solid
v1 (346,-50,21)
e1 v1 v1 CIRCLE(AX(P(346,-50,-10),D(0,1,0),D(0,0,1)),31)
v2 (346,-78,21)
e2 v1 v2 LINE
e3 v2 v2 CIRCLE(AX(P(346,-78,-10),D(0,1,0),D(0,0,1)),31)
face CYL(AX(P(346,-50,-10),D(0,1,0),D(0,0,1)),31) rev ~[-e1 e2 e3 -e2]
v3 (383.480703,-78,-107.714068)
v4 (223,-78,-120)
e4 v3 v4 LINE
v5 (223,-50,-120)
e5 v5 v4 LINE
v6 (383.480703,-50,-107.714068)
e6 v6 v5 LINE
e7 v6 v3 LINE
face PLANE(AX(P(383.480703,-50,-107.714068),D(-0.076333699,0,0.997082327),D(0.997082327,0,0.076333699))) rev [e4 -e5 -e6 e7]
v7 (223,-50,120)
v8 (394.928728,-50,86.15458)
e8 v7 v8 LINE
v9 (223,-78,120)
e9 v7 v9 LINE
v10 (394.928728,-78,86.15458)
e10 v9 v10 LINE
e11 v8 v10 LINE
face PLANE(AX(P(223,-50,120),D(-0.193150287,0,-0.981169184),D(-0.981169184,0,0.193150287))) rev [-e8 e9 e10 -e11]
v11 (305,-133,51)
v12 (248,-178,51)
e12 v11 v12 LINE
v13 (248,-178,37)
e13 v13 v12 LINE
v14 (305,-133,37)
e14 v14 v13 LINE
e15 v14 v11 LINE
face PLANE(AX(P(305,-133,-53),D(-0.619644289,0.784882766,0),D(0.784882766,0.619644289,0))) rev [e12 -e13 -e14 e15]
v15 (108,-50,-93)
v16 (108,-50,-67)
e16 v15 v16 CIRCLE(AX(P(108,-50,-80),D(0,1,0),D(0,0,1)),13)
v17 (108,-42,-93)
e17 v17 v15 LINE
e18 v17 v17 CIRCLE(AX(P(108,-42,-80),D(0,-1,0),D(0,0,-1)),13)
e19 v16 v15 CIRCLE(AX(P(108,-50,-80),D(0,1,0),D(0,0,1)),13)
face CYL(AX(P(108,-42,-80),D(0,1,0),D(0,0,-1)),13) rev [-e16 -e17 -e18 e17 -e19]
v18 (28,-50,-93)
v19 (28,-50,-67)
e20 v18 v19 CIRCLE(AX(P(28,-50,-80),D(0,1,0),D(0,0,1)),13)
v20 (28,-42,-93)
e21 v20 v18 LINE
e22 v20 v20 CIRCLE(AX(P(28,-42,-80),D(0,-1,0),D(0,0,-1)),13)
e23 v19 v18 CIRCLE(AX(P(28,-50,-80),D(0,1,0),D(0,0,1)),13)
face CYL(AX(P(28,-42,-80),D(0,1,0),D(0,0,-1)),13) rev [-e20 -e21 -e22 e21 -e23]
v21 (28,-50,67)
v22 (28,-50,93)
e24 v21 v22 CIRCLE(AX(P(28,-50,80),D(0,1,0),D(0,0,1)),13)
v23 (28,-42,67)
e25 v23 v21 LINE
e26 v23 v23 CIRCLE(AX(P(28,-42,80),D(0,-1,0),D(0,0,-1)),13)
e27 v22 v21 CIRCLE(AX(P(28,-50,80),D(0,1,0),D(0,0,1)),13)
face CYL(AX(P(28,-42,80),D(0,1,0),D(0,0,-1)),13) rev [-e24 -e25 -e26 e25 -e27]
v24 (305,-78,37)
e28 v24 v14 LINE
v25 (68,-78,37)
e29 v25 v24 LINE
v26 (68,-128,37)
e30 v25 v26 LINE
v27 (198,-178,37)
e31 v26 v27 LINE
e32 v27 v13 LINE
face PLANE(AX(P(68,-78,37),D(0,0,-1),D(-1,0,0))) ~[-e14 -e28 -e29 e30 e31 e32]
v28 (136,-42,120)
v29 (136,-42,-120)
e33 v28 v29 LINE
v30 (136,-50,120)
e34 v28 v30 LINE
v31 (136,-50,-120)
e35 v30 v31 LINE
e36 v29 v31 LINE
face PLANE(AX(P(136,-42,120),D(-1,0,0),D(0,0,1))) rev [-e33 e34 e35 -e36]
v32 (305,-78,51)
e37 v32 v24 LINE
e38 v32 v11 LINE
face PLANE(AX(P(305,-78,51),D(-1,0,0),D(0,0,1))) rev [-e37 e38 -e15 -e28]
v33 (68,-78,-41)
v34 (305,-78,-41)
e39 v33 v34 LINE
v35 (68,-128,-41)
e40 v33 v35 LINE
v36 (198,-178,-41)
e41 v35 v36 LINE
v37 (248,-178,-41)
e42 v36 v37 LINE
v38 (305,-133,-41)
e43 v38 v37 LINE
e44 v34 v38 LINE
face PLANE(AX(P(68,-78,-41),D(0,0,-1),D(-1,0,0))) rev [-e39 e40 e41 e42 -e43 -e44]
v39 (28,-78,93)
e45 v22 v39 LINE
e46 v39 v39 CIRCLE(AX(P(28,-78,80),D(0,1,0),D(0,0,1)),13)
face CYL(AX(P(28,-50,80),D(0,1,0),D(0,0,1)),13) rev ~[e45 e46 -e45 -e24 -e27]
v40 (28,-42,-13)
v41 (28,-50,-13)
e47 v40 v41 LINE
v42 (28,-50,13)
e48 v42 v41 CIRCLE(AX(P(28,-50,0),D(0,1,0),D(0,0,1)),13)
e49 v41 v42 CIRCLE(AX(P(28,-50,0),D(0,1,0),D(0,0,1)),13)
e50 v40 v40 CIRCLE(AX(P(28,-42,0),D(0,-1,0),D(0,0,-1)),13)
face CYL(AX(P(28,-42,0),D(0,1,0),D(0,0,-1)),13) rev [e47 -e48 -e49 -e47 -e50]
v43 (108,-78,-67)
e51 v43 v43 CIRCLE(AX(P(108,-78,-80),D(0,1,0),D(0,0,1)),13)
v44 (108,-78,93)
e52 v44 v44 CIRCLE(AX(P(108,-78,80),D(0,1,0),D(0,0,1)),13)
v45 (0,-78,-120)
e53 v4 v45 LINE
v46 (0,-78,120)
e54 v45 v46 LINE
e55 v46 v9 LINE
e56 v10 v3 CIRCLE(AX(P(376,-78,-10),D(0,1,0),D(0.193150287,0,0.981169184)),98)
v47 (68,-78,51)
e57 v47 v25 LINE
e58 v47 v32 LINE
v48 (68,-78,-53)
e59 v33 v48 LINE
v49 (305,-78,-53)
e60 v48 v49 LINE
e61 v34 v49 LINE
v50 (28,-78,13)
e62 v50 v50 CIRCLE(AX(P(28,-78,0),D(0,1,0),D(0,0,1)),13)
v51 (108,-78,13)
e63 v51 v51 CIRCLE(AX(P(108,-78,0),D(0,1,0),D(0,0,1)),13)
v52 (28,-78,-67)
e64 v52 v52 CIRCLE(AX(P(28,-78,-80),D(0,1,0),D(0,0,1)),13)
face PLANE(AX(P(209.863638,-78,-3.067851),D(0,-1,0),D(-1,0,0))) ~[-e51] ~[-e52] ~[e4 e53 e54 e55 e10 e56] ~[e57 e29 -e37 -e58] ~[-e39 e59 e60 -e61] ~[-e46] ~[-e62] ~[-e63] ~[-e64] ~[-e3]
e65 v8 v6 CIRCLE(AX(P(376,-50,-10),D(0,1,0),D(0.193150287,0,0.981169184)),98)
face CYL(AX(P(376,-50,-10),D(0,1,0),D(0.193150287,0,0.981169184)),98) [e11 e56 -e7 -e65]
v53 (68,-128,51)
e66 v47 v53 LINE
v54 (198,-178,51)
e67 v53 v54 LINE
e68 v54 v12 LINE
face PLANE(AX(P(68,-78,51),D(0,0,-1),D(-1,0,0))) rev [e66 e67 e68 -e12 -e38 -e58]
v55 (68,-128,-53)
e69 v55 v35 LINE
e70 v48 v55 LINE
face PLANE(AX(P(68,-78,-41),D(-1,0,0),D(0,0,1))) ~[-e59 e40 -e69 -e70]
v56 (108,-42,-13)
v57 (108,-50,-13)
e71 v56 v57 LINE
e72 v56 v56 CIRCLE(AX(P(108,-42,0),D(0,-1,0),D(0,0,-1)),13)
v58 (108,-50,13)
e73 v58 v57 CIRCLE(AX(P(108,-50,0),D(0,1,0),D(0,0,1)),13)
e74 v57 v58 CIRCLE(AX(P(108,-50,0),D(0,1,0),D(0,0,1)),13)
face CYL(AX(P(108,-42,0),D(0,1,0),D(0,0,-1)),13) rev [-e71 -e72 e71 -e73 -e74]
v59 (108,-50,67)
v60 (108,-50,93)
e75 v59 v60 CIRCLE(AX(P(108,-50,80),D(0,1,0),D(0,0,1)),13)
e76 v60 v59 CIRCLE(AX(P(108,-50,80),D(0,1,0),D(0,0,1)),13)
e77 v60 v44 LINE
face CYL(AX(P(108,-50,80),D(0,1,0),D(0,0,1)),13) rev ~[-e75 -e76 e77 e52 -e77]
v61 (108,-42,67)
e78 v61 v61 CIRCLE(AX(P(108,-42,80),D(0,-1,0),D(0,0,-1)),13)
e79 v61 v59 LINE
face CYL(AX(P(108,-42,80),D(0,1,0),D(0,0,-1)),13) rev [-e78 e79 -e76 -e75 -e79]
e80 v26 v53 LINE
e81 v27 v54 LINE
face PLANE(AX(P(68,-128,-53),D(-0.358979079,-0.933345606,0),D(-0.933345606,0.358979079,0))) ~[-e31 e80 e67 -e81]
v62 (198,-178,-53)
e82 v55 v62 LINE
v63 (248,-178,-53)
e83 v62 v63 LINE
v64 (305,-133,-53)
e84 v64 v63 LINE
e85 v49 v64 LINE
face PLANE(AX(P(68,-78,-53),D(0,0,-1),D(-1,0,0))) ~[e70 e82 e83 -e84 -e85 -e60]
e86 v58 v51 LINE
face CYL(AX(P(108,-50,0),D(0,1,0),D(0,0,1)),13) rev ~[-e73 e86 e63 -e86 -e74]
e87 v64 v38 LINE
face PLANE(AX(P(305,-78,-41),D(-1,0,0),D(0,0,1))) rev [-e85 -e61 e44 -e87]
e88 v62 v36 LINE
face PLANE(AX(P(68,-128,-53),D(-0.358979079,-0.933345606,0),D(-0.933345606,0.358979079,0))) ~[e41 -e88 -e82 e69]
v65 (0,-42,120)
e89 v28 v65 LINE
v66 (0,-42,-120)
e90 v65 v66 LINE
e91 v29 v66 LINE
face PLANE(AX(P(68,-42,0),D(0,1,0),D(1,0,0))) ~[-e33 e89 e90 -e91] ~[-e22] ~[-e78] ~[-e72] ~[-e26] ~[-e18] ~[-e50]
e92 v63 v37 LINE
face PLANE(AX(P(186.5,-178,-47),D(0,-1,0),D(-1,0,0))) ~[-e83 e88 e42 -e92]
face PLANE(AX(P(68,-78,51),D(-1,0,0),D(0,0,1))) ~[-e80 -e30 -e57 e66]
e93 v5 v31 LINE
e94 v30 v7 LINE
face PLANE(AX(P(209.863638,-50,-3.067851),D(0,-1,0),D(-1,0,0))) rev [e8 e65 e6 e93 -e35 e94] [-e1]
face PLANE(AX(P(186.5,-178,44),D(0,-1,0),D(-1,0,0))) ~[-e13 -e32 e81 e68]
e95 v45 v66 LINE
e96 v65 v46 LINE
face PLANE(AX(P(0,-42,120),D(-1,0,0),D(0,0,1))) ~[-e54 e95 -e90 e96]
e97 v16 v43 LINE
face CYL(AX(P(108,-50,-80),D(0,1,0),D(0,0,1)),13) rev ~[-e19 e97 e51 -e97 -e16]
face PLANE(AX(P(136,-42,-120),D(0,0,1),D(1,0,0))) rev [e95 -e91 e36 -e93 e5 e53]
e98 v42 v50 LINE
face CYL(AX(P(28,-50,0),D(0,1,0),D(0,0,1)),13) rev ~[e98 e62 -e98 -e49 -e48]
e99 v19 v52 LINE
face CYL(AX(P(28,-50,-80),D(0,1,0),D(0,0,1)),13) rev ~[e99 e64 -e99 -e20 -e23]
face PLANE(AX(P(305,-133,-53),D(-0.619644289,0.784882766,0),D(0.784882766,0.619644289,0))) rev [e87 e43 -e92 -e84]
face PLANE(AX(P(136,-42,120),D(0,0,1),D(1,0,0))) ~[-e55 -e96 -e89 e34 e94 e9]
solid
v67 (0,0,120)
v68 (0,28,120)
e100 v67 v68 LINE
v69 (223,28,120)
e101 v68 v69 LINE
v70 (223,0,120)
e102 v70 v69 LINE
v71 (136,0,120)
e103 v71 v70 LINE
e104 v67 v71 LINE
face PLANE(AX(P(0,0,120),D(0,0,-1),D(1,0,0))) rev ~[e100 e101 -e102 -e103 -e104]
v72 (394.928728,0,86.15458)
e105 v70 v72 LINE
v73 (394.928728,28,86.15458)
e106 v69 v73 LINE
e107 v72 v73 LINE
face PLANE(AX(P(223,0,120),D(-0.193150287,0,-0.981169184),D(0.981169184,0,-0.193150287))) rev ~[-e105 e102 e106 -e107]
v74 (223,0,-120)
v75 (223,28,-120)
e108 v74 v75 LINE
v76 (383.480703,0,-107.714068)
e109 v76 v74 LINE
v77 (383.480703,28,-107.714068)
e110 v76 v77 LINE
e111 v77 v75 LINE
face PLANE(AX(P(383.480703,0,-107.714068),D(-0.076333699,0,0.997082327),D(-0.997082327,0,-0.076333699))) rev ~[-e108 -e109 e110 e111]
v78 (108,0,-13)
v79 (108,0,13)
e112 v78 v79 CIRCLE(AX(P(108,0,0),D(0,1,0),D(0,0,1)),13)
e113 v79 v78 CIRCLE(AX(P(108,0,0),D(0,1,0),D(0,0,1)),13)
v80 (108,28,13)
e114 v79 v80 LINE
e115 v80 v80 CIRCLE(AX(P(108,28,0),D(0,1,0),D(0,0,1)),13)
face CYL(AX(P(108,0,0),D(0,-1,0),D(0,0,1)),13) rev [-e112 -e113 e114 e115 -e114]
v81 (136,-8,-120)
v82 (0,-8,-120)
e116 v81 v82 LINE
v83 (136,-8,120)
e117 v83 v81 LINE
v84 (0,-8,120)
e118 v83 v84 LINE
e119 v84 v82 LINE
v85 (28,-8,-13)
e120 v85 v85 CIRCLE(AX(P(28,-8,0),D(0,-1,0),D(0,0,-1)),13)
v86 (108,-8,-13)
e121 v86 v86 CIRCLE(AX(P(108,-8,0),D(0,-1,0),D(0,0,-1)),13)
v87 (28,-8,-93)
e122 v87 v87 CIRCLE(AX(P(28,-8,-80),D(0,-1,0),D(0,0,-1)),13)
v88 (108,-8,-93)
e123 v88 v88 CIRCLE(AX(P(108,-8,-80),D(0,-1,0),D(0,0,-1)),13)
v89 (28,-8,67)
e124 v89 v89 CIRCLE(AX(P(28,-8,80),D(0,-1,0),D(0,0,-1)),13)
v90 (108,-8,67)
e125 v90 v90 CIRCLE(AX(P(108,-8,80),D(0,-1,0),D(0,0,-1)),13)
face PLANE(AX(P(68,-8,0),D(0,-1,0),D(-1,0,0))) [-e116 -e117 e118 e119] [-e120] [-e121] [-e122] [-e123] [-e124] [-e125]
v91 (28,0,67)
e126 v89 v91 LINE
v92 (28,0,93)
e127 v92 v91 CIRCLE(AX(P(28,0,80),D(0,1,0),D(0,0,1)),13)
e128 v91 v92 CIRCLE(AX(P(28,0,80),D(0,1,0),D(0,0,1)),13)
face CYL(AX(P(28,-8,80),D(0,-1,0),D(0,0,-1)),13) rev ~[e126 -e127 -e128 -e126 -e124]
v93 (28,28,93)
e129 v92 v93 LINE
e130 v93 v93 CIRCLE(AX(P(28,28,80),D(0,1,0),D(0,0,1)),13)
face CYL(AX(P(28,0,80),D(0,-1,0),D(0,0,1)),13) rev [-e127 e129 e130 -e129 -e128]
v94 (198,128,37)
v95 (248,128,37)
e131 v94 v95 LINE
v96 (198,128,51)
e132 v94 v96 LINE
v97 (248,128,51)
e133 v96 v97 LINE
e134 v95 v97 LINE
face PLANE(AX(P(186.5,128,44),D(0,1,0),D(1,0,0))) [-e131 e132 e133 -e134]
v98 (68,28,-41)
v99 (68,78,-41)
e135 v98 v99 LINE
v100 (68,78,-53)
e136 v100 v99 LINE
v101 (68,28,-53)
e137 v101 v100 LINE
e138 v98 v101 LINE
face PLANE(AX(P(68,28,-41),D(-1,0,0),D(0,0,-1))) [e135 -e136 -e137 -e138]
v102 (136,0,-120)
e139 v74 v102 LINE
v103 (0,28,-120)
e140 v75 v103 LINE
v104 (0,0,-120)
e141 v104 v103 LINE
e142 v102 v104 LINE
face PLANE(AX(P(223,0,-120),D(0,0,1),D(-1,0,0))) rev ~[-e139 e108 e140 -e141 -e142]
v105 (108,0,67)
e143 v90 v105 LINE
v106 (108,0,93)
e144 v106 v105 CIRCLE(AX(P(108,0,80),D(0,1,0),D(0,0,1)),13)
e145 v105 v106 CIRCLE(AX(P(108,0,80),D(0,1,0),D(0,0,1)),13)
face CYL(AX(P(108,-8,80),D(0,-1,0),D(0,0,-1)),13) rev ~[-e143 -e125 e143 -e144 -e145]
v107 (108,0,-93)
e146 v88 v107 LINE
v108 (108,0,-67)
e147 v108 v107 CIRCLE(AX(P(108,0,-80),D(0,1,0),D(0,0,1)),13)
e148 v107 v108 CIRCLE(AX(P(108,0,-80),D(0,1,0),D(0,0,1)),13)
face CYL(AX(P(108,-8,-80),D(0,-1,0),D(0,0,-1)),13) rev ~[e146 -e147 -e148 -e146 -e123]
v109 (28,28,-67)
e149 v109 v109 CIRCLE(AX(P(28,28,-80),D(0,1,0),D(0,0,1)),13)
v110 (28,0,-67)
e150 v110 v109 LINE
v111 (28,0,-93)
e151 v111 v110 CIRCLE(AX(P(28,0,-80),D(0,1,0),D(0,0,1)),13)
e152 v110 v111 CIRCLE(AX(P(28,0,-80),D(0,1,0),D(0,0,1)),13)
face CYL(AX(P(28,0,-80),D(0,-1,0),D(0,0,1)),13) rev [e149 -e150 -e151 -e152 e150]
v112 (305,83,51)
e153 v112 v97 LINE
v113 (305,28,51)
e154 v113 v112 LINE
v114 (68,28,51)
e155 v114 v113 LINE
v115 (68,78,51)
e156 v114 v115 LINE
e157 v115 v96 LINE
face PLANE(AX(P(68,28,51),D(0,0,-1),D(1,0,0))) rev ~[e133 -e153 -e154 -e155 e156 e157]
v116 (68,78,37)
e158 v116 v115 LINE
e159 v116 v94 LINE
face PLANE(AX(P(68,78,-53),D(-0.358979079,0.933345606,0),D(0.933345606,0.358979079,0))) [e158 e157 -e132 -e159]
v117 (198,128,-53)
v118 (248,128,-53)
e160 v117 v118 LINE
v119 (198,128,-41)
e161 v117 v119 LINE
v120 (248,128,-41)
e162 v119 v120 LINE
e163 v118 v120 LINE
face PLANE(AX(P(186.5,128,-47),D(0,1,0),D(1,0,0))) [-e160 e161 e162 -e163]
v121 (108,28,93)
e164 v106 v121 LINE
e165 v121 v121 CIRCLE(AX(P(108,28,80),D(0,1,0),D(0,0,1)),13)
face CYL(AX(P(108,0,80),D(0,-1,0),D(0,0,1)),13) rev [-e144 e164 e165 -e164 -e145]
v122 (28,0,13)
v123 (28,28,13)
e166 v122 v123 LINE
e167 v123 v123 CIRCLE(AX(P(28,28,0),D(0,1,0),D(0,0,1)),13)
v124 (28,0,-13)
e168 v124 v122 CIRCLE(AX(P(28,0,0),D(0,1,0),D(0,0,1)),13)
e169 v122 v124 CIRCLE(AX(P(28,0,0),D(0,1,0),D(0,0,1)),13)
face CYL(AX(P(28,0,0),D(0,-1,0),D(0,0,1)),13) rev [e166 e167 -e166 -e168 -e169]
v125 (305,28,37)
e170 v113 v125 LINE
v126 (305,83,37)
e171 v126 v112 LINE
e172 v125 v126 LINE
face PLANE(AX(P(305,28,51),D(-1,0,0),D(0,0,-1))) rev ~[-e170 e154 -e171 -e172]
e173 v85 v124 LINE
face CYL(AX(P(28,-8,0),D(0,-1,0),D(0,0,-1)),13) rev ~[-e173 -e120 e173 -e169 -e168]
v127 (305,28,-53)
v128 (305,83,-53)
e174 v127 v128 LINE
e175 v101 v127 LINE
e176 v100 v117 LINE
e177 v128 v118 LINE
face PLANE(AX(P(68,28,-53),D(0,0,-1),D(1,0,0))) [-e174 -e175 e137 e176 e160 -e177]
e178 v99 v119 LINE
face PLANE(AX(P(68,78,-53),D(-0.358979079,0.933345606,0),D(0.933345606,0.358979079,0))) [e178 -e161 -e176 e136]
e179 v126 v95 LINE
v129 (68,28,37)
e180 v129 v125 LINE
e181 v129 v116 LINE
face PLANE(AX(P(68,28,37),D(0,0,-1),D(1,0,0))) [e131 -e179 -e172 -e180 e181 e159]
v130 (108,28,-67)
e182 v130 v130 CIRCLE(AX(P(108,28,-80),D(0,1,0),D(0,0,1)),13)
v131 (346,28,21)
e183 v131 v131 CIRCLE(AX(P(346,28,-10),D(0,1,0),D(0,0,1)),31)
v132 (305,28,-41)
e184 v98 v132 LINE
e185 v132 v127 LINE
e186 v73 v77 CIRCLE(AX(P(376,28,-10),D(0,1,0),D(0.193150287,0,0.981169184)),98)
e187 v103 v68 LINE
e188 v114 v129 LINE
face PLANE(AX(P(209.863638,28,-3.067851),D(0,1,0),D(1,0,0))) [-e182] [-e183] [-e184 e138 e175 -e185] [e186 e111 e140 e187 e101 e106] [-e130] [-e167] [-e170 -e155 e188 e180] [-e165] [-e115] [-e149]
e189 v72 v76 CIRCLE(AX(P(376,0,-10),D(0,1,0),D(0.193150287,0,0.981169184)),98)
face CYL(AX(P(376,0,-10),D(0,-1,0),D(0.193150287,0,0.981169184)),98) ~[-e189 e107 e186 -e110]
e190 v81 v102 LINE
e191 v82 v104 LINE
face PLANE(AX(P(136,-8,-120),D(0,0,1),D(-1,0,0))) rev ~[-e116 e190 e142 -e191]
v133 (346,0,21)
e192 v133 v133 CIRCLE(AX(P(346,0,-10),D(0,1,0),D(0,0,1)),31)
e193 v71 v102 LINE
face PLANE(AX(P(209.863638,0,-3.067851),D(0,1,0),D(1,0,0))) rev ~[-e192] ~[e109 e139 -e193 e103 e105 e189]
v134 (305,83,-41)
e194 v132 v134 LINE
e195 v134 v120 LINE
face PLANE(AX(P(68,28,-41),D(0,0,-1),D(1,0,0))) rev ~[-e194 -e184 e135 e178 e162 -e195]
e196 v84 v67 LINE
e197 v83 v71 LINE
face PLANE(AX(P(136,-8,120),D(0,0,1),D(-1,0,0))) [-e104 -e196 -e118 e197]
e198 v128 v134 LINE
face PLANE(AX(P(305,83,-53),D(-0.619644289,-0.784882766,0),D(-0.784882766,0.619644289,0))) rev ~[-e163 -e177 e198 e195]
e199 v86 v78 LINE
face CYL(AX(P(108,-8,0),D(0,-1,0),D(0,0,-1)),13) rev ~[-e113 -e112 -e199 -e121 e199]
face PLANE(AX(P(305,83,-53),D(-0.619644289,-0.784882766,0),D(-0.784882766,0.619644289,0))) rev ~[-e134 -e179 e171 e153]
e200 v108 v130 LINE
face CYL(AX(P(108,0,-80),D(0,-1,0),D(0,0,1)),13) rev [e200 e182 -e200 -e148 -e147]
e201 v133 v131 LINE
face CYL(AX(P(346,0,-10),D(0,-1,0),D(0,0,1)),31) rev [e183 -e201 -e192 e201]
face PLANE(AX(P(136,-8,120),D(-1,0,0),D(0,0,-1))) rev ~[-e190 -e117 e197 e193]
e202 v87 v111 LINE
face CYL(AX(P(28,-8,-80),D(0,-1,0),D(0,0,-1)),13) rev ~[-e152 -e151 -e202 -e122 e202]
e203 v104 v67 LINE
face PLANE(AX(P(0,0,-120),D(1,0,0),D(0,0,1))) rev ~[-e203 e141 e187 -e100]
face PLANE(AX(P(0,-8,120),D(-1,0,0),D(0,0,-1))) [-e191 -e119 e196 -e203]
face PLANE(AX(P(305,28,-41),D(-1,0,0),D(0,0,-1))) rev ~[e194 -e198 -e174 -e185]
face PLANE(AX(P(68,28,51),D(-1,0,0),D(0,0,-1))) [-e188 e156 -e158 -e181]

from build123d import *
from build123d.topology import SkipClean

# Parameters (mm, degrees)
SKETCH_1_R          = 31
SKETCH_1_R_2        = 13
EXTRUDE_1_DEPTH     = 28
SKETCH_2_W          = 237
SKETCH_2_H          = 12
SKETCH_2_H_2        = 14
EXTRUDE_2_DEPTH     = 100
CUT_EXTRUDE_1_DEPTH = 521.566038078
EXTRUDE_START       = 8
SKETCH_4_W          = 136
SKETCH_4_H          = 240
SKETCH_4_R          = 13
EXTRUDE_3_DEPTH     = 8


with BuildPart() as part:
    # 草图1 → 凸台-拉伸1 (new body)
    with BuildSketch(Plane(origin=(0, 0, 0), x_dir=(1, 0, 0), z_dir=(0, 1, 0))):
        with BuildLine():
            Line((0, 120), (0, -120))
            Line((0, -120), (223, -120))
            Line((223, -120), (394.928728095, -86.154579988))
            ThreePointArc((394.928728095, -86.154579988), (473.829584875, 15.776878329), (383.480702502, 107.714068025))
            Line((383.480702502, 107.714068025), (223, 120))
            Line((223, 120), (0, 120))
        make_face()
        with Locations(Location((346, 10, 0), (0, 0, 270))):
            Circle(SKETCH_1_R, mode=Mode.SUBTRACT)
        with Locations(Location((28, 80, 0), (0, 0, 270))):
            Circle(SKETCH_1_R_2, mode=Mode.SUBTRACT)
        with Locations(Location((28, 0, 0), (0, 0, 270))):
            Circle(SKETCH_1_R_2, mode=Mode.SUBTRACT)
        with Locations(Location((28, -80, 0), (0, 0, 270))):
            Circle(SKETCH_1_R_2, mode=Mode.SUBTRACT)
        with Locations(Location((108, 80, 0), (0, 0, 270))):
            Circle(SKETCH_1_R_2, mode=Mode.SUBTRACT)
        with Locations(Location((108, 0, 0), (0, 0, 270))):
            Circle(SKETCH_1_R_2, mode=Mode.SUBTRACT)
        with Locations(Location((108, -80, 0), (0, 0, 270))):
            Circle(SKETCH_1_R_2, mode=Mode.SUBTRACT)
    extrude(amount=EXTRUDE_1_DEPTH)

    # 草图2 → 凸台-拉伸2 (add)
    with BuildSketch(Plane(origin=(0, 28, 0), x_dir=(1, 0, 0), z_dir=(0, 1, 0))):
        with Locations((186.5, 47)):
            Rectangle(SKETCH_2_W, SKETCH_2_H)
        with Locations((186.5, -44)):
            Rectangle(SKETCH_2_W, SKETCH_2_H_2)
    extrude(amount=EXTRUDE_2_DEPTH)

    # 草图3 → 切除-拉伸1 (cut, through all)
    with BuildSketch(Plane(origin=(0, 0, -53), x_dir=(1, 0, 0), z_dir=(0, 0, -1))):
        Polygon((305, -128), (305, -83), (248, -128), align=None)
        Polygon((68, -128), (68, -78), (198, -128), align=None)
    extrude(amount=-CUT_EXTRUDE_1_DEPTH, mode=Mode.SUBTRACT)

    # 草图4 → 凸台-拉伸3 (add)
    with SkipClean():  # the faces are left unmerged after this step: merging them gives an invalid solid
        with BuildSketch(Plane(origin=(0, 0, 0), x_dir=(-1, 0, 0), z_dir=(0, -1, 0)).offset(EXTRUDE_START)):
            with Locations((-68, 0)):
                Rectangle(SKETCH_4_W, SKETCH_4_H)
            with Locations(Location((-28, -80, 0), (0, 0, 90))):
                Circle(SKETCH_4_R, mode=Mode.SUBTRACT)
            with Locations(Location((-108, -80, 0), (0, 0, 90))):
                Circle(SKETCH_4_R, mode=Mode.SUBTRACT)
            with Locations(Location((-28, 0, 0), (0, 0, 90))):
                Circle(SKETCH_4_R, mode=Mode.SUBTRACT)
            with Locations(Location((-108, 0, 0), (0, 0, 90))):
                Circle(SKETCH_4_R, mode=Mode.SUBTRACT)
            with Locations(Location((-28, 80, 0), (0, 0, 90))):
                Circle(SKETCH_4_R, mode=Mode.SUBTRACT)
            with Locations(Location((-108, 80, 0), (0, 0, 90))):
                Circle(SKETCH_4_R, mode=Mode.SUBTRACT)
        extrude(amount=-EXTRUDE_3_DEPTH)


with BuildPart() as body_2:
    # 镜向1: mirrored copy
    add(part.part.mirror(Plane.ZX.offset(-25)))


solid = Compound([part.part, body_2.part])
